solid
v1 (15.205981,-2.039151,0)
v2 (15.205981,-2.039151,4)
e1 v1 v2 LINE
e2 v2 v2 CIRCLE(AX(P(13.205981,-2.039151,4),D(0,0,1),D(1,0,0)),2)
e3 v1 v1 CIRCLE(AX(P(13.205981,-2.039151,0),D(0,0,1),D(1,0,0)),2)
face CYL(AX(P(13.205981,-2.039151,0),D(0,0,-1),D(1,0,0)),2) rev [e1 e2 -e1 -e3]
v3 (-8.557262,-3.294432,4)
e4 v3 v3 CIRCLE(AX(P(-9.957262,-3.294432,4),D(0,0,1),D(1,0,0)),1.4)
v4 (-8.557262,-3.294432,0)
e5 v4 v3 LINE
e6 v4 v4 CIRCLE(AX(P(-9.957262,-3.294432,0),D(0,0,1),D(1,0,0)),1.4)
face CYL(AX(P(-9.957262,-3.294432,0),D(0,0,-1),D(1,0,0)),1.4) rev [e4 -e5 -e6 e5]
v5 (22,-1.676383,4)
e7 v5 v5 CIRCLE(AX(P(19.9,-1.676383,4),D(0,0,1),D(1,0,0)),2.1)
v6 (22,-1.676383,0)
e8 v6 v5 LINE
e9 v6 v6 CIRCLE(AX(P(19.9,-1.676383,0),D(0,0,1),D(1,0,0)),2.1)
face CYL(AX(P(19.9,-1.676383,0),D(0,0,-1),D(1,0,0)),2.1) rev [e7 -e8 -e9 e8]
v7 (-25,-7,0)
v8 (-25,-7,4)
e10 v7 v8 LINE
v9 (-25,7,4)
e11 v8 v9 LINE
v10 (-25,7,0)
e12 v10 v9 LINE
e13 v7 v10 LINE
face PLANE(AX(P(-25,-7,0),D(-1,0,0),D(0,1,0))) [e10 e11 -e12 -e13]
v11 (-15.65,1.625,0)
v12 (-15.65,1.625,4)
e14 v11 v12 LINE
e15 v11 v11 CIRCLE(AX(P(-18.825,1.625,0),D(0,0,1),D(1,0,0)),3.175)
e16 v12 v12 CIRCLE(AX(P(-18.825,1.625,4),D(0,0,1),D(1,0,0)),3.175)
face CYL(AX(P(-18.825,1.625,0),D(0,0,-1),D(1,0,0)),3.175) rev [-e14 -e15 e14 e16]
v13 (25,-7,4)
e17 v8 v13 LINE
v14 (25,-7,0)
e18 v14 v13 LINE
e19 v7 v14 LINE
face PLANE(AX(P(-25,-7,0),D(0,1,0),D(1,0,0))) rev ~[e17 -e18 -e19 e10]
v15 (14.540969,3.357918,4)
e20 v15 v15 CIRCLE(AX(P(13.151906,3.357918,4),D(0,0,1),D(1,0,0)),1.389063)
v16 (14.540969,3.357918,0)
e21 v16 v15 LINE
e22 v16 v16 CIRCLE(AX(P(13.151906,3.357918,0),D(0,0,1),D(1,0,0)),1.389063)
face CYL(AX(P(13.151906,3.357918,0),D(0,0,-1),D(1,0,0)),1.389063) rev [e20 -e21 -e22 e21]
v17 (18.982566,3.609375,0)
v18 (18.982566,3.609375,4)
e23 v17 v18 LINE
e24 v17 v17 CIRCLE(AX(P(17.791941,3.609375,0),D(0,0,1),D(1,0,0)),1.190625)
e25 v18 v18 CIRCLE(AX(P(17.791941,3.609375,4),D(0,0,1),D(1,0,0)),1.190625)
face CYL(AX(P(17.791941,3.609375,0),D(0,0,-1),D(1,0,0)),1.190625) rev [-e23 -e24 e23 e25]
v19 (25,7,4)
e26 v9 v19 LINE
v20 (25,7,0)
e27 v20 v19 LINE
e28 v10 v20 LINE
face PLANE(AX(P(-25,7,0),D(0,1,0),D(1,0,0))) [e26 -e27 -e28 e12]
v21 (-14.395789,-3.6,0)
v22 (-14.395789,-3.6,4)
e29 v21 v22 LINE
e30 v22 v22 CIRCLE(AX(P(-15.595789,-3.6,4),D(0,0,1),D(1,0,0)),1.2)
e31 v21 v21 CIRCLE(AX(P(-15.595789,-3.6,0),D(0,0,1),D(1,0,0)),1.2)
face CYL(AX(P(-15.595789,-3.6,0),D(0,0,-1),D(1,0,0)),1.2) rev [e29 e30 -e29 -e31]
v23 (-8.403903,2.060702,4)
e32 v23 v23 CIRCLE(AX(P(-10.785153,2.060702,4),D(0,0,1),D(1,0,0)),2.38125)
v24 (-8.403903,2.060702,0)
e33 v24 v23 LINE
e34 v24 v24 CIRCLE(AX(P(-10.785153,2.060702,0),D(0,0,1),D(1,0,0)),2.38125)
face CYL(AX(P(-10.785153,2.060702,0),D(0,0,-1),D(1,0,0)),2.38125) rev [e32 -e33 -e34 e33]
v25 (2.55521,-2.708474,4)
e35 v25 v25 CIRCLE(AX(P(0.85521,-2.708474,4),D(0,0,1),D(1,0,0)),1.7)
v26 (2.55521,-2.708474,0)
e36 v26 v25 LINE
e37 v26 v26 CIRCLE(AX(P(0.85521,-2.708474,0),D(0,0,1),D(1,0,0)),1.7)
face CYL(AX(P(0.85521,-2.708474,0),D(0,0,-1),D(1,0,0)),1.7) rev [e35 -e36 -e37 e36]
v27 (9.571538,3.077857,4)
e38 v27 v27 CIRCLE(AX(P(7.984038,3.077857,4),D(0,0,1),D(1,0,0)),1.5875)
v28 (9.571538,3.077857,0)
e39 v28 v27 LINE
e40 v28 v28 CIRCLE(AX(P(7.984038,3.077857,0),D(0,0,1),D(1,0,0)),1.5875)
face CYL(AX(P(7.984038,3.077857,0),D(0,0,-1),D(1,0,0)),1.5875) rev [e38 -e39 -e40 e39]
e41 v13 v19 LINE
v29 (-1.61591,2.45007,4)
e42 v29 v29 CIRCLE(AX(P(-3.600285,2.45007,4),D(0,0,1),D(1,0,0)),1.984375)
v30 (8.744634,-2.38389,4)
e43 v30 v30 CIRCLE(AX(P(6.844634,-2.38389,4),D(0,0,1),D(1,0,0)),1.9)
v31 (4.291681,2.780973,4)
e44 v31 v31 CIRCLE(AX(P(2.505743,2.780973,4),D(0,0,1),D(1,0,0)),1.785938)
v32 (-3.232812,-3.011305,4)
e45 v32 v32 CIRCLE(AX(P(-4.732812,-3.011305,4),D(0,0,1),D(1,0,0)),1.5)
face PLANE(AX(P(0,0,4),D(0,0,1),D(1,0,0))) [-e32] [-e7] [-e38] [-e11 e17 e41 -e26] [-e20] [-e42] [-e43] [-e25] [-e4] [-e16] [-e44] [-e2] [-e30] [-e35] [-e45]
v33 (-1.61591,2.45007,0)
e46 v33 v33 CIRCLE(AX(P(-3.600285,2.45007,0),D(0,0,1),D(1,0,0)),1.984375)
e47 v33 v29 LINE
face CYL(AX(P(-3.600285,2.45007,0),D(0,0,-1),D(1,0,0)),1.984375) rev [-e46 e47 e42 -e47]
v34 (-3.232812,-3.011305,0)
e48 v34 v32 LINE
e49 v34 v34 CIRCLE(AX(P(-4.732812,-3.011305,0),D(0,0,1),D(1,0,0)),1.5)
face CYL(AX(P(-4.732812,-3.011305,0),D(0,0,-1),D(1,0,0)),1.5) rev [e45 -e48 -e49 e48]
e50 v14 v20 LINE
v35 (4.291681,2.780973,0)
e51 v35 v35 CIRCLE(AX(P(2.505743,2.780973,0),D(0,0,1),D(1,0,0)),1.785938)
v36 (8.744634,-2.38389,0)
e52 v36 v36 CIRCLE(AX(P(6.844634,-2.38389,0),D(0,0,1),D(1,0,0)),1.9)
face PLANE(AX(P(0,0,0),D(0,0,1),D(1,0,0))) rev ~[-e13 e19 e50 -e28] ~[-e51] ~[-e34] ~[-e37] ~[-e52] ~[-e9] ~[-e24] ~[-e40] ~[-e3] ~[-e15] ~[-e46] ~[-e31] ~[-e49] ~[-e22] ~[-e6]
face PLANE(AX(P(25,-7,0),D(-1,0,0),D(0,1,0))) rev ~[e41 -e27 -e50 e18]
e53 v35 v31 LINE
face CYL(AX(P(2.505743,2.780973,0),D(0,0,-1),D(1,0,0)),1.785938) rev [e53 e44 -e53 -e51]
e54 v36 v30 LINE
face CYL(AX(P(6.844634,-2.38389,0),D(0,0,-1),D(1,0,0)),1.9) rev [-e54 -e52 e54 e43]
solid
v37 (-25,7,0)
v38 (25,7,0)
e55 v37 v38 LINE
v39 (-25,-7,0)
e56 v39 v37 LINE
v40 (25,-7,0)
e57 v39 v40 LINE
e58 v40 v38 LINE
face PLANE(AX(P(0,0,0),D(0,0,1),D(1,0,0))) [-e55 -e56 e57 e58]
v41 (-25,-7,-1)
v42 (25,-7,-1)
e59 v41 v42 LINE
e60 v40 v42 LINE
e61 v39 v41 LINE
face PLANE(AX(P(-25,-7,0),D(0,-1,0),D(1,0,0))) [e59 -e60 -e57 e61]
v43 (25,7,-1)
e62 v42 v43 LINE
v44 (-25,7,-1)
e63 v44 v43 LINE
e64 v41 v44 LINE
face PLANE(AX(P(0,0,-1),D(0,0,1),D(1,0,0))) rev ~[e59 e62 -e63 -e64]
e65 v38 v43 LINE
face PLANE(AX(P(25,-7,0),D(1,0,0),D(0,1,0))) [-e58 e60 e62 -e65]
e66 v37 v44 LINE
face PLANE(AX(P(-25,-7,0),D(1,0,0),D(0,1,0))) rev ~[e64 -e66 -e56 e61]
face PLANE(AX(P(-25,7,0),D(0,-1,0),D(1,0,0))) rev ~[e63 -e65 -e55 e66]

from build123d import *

# Parameters (mm, degrees)
F0_W     = 50
F0_H     = 14
F0_R     = 1.2
F0_R_2   = 1.4
F0_R_3   = 1.5
F0_R_4   = 1.7
F0_R_5   = 1.9
F0_R_6   = 2
F0_R_7   = 2.1
F0_R_8   = 3.175
F0_R_9   = 2.38125
F0_R_10  = 1.984375
F0_R_11  = 1.785938
F0_R_12  = 1.5875
F0_R_13  = 1.389063
F0_R_14  = 1.190625
F1_DEPTH = 1
F2_DEPTH = 4


with BuildPart() as f1:
    # F0 (on Top) → F1 (new body)
    with BuildSketch(Plane.XY):
        Rectangle(F0_W, F0_H)
        with Locations((-15.595789, -3.6)):
            Circle(F0_R, mode=Mode.SUBTRACT)
        with Locations((-9.957262, -3.294432)):
            Circle(F0_R_2, mode=Mode.SUBTRACT)
        with Locations((-4.732812, -3.011305)):
            Circle(F0_R_3, mode=Mode.SUBTRACT)
        with Locations((0.85521, -2.708474)):
            Circle(F0_R_4, mode=Mode.SUBTRACT)
        with Locations((6.844634, -2.38389)):
            Circle(F0_R_5, mode=Mode.SUBTRACT)
        with Locations((13.205981, -2.039151)):
            Circle(F0_R_6, mode=Mode.SUBTRACT)
        with Locations((19.9, -1.676383)):
            Circle(F0_R_7, mode=Mode.SUBTRACT)
        with Locations((-18.825, 1.625)):
            Circle(F0_R_8, mode=Mode.SUBTRACT)
        with Locations((-10.785153, 2.060702)):
            Circle(F0_R_9, mode=Mode.SUBTRACT)
        with Locations((-3.600285, 2.45007)):
            Circle(F0_R_10, mode=Mode.SUBTRACT)
        with Locations((2.505743, 2.780973)):
            Circle(F0_R_11, mode=Mode.SUBTRACT)
        with Locations((7.984038, 3.077857)):
            Circle(F0_R_12, mode=Mode.SUBTRACT)
        with Locations((13.151906, 3.357918)):
            Circle(F0_R_13, mode=Mode.SUBTRACT)
        with Locations((17.791941, 3.609375)):
            Circle(F0_R_14, mode=Mode.SUBTRACT)
        with Locations((-18.825, 1.625)):
            Circle(F0_R_8)
        with Locations((-10.785153, 2.060702)):
            Circle(F0_R_9)
        with Locations((-3.600285, 2.45007)):
            Circle(F0_R_10)
        with Locations((2.505743, 2.780973)):
            Circle(F0_R_11)
        with Locations((7.984038, 3.077857)):
            Circle(F0_R_12)
        with Locations((13.151906, 3.357918)):
            Circle(F0_R_13)
        with Locations((17.791941, 3.609375)):
            Circle(F0_R_14)
        with Locations((-15.595789, -3.6)):
            Circle(F0_R)
        with Locations((-9.957262, -3.294432)):
            Circle(F0_R_2)
        with Locations((-4.732812, -3.011305)):
            Circle(F0_R_3)
        with Locations((0.85521, -2.708474)):
            Circle(F0_R_4)
        with Locations((6.844634, -2.38389)):
            Circle(F0_R_5)
        with Locations((13.205981, -2.039151)):
            Circle(F0_R_6)
        with Locations((19.9, -1.676383)):
            Circle(F0_R_7)
    extrude(amount=-F1_DEPTH)


with BuildPart() as f2:
    # F0 (on Top) → F2 (new body)
    with BuildSketch(Plane.XY):
        Rectangle(F0_W, F0_H)
        with Locations((-15.595789, -3.6)):
            Circle(F0_R, mode=Mode.SUBTRACT)
        with Locations((-9.957262, -3.294432)):
            Circle(F0_R_2, mode=Mode.SUBTRACT)
        with Locations((-4.732812, -3.011305)):
            Circle(F0_R_3, mode=Mode.SUBTRACT)
        with Locations((0.85521, -2.708474)):
            Circle(F0_R_4, mode=Mode.SUBTRACT)
        with Locations((6.844634, -2.38389)):
            Circle(F0_R_5, mode=Mode.SUBTRACT)
        with Locations((13.205981, -2.039151)):
            Circle(F0_R_6, mode=Mode.SUBTRACT)
        with Locations((19.9, -1.676383)):
            Circle(F0_R_7, mode=Mode.SUBTRACT)
        with Locations((-18.825, 1.625)):
            Circle(F0_R_8, mode=Mode.SUBTRACT)
        with Locations((-10.785153, 2.060702)):
            Circle(F0_R_9, mode=Mode.SUBTRACT)
        with Locations((-3.600285, 2.45007)):
            Circle(F0_R_10, mode=Mode.SUBTRACT)
        with Locations((2.505743, 2.780973)):
            Circle(F0_R_11, mode=Mode.SUBTRACT)
        with Locations((7.984038, 3.077857)):
            Circle(F0_R_12, mode=Mode.SUBTRACT)
        with Locations((13.151906, 3.357918)):
            Circle(F0_R_13, mode=Mode.SUBTRACT)
        with Locations((17.791941, 3.609375)):
            Circle(F0_R_14, mode=Mode.SUBTRACT)
    extrude(amount=F2_DEPTH)


solid = Compound([f1.part, f2.part])
